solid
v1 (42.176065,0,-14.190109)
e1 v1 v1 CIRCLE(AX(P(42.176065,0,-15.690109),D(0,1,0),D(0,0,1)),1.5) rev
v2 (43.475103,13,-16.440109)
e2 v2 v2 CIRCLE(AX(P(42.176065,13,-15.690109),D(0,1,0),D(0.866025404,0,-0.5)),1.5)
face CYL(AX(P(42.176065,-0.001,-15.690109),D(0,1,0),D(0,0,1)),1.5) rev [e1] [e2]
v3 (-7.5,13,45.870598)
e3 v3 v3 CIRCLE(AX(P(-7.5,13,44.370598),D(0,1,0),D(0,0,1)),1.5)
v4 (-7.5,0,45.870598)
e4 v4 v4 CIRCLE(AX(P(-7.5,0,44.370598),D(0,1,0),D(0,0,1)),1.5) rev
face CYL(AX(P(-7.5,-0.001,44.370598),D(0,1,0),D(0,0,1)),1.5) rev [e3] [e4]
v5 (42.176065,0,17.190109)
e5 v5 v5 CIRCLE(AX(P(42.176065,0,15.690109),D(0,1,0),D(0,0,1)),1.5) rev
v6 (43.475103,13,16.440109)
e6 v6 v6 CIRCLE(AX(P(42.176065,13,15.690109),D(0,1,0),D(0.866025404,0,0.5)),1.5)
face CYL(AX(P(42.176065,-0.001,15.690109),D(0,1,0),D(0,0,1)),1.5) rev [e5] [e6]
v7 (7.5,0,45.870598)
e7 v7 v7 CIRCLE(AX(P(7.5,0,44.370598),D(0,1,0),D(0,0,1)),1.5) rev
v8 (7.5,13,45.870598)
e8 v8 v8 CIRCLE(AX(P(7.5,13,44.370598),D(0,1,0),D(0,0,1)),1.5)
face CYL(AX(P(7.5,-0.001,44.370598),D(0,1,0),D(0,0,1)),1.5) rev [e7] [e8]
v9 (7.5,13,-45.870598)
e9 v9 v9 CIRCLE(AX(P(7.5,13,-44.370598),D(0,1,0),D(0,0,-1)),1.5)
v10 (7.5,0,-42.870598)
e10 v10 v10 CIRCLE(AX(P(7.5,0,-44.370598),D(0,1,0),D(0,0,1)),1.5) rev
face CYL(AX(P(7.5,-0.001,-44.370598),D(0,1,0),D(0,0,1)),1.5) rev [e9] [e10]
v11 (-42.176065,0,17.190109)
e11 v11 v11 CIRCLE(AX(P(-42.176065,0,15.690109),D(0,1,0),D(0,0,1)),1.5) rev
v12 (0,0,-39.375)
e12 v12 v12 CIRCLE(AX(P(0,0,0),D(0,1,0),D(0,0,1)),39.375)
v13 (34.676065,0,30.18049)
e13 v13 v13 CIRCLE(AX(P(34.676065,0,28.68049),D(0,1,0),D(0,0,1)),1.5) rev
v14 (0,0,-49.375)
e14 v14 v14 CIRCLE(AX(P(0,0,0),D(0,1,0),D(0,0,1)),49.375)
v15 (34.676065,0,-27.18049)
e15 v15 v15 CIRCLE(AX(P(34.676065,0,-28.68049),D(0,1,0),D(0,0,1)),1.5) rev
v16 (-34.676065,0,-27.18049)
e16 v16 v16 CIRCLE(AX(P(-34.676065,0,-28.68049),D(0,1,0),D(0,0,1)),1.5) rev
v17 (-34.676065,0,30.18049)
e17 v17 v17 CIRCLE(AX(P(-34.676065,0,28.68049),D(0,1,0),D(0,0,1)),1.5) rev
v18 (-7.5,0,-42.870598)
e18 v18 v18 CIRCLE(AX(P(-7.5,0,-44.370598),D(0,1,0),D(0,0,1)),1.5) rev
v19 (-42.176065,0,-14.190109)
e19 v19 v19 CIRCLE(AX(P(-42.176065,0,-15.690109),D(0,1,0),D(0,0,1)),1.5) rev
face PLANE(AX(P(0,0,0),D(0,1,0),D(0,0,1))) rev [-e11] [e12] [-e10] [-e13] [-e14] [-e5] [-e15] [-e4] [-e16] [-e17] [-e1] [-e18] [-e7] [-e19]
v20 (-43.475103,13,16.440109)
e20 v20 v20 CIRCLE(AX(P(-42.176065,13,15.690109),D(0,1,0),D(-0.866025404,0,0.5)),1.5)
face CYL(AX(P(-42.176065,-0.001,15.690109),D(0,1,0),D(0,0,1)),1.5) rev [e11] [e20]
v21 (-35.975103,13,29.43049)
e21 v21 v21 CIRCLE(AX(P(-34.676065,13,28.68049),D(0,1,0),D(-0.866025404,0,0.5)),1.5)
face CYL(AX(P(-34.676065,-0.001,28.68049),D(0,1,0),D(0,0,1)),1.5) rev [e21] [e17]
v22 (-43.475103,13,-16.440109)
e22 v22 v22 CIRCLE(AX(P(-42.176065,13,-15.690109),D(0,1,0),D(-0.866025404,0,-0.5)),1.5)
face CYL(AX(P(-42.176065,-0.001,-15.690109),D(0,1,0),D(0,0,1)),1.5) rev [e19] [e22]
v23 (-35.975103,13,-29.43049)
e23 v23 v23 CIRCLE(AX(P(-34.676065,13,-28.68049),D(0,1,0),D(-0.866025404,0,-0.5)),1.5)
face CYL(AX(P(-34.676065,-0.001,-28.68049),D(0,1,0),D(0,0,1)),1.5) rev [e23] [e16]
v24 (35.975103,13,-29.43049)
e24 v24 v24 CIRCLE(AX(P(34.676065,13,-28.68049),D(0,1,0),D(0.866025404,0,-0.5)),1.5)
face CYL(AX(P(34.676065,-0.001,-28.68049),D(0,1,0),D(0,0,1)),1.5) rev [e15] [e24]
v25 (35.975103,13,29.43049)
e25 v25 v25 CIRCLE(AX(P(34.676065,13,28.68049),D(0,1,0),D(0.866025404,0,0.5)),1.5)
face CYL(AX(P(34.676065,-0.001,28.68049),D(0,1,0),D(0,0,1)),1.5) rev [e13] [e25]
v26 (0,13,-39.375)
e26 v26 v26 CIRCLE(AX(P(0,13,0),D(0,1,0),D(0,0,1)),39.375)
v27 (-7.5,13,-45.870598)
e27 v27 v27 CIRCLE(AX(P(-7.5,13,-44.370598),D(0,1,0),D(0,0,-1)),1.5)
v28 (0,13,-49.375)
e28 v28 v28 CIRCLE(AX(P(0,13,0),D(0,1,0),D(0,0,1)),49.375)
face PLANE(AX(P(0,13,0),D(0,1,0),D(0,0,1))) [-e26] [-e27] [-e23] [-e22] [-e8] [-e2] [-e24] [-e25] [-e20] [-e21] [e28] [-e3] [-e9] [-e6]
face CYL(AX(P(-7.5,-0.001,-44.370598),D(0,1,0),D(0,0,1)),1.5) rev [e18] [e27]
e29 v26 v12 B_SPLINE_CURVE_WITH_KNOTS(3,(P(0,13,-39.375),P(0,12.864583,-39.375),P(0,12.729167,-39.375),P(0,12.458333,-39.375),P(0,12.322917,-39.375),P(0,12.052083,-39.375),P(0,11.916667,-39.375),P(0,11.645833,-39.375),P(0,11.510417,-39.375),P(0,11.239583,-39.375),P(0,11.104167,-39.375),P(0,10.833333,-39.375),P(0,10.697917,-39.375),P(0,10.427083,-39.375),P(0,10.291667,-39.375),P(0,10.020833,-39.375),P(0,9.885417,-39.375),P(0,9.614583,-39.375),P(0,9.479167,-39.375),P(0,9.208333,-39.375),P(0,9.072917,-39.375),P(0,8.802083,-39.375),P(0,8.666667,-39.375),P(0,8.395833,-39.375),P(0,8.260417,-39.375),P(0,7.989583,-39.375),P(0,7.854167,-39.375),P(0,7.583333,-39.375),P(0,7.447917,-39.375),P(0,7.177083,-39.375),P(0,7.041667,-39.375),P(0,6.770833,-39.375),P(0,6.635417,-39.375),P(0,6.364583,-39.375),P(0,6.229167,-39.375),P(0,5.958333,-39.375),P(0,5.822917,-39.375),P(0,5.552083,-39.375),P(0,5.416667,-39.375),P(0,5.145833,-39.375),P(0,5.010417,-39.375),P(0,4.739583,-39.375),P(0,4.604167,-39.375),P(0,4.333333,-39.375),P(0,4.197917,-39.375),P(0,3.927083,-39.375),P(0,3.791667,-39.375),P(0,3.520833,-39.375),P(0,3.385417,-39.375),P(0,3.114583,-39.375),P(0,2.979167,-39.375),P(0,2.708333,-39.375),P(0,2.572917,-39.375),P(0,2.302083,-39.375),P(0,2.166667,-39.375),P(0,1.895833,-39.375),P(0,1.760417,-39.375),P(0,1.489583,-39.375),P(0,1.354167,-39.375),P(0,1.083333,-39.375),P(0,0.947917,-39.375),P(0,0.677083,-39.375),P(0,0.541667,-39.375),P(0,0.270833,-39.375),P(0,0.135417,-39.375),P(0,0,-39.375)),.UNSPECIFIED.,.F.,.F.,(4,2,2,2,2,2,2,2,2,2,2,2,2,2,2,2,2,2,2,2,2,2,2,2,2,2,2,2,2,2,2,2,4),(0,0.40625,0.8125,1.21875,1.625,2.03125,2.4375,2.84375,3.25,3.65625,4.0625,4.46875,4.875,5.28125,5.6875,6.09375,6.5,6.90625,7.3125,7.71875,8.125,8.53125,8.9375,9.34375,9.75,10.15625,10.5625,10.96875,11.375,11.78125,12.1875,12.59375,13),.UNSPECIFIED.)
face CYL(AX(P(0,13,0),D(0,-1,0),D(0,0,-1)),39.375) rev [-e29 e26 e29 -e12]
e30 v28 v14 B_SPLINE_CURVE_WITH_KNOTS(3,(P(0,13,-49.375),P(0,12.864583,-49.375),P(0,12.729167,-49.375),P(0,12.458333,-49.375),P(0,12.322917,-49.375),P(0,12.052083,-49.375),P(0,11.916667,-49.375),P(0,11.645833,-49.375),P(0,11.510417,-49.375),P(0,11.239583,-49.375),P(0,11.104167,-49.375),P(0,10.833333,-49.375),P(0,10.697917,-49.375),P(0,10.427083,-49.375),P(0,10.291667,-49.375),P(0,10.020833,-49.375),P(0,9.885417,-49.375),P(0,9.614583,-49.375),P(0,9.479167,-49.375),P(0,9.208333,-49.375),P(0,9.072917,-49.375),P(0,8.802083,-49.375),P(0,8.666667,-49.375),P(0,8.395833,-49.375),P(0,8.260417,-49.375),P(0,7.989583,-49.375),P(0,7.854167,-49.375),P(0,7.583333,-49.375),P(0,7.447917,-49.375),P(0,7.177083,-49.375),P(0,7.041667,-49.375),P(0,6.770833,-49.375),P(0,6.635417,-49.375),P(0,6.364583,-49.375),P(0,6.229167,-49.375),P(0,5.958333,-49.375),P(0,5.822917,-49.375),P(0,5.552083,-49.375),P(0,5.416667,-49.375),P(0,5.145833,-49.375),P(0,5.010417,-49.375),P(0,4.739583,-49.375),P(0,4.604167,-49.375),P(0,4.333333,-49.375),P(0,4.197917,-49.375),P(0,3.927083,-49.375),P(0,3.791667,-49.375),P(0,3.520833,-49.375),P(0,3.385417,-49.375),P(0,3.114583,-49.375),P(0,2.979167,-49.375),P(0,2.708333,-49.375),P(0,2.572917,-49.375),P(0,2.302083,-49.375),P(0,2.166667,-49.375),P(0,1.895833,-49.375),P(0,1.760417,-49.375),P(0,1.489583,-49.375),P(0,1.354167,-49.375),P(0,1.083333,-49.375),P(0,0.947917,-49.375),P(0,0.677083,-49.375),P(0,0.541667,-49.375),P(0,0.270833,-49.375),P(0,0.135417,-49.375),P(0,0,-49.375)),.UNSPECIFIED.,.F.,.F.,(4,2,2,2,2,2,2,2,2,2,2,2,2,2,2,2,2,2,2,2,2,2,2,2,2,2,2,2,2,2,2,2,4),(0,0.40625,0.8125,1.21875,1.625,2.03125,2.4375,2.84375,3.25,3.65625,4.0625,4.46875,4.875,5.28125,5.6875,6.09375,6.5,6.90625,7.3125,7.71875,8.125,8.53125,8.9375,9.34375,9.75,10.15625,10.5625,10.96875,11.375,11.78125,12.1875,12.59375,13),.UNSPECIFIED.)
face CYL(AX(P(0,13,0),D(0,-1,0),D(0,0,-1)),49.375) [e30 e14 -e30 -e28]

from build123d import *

# Parameters (mm, degrees)
SKETCH1_R           = 49.375
SKETCH1_R_2         = 39.375
BOSS_EXTRUDE1_DEPTH = 13
CUT_EXTRUDE1_REACH  = 73.027
SKETCH2_R           = 1.5
CIRPATTERN1_COUNT   = 6


with BuildPart() as part:
    # Sketch1 → Boss-Extrude1 (new body)
    with BuildSketch(Plane(origin=(0, 0, 0), x_dir=(1, 0, 0), z_dir=(0, 1, 0))):
        with Locations(Location((0, 0, 0), (0, 0, 90))):
            Circle(SKETCH1_R)
        with Locations(Location((0, 0, 0), (0, 0, 90))):
            Circle(SKETCH1_R_2, mode=Mode.SUBTRACT)
    extrude(amount=BOSS_EXTRUDE1_DEPTH)

    # Sketch2 → Cut-Extrude1 (cut, up to next)
    with BuildSketch(Plane(origin=(0, 13, 0), x_dir=(1, 0, 0), z_dir=(0, 1, 0)), mode=Mode.PRIVATE) as cut_extrude1_sk1:
        with Locations(Location((-7.5, -44.370598373, 0), (0, 0, 270))):
            Circle(SKETCH2_R)
    cut_extrude1_tool1 = extrude(cut_extrude1_sk1.sketch, amount=-CUT_EXTRUDE1_REACH, mode=Mode.PRIVATE) & part.part
    # Sketch2 → Cut-Extrude1 (cut, up to next)
    with BuildSketch(Plane(origin=(0, 13, 0), x_dir=(1, 0, 0), z_dir=(0, 1, 0)), mode=Mode.PRIVATE) as cut_extrude1_sk2:
        with Locations(Location((7.5, -44.370598373, 0), (0, 0, 270))):
            Circle(SKETCH2_R)
    cut_extrude1_tool2 = extrude(cut_extrude1_sk2.sketch, amount=-CUT_EXTRUDE1_REACH, mode=Mode.PRIVATE) & part.part
    cut_extrude1_1 = cut_extrude1_tool1.solids().sort_by_distance((-7.5, 13, 44.370598))[0]
    add(cut_extrude1_1, mode=Mode.SUBTRACT)
    cut_extrude1_2 = cut_extrude1_tool2.solids().sort_by_distance((7.5, 13, 44.370598))[0]
    add(cut_extrude1_2, mode=Mode.SUBTRACT)
    cut_extrude1 = cut_extrude1_1 + cut_extrude1_2  # Cut-Extrude1 as one shape, for the pattern or mirror that repeats it

    # CirPattern1: Cut-Extrude1 ×6 about axis
    cirpattern1_axis = Axis((0, 0, 0), (0, 1, 0))
    for i in range(1, CIRPATTERN1_COUNT):
        add(cut_extrude1.rotate(cirpattern1_axis, i * 360 / CIRPATTERN1_COUNT), mode=Mode.SUBTRACT)


solid = part.part
